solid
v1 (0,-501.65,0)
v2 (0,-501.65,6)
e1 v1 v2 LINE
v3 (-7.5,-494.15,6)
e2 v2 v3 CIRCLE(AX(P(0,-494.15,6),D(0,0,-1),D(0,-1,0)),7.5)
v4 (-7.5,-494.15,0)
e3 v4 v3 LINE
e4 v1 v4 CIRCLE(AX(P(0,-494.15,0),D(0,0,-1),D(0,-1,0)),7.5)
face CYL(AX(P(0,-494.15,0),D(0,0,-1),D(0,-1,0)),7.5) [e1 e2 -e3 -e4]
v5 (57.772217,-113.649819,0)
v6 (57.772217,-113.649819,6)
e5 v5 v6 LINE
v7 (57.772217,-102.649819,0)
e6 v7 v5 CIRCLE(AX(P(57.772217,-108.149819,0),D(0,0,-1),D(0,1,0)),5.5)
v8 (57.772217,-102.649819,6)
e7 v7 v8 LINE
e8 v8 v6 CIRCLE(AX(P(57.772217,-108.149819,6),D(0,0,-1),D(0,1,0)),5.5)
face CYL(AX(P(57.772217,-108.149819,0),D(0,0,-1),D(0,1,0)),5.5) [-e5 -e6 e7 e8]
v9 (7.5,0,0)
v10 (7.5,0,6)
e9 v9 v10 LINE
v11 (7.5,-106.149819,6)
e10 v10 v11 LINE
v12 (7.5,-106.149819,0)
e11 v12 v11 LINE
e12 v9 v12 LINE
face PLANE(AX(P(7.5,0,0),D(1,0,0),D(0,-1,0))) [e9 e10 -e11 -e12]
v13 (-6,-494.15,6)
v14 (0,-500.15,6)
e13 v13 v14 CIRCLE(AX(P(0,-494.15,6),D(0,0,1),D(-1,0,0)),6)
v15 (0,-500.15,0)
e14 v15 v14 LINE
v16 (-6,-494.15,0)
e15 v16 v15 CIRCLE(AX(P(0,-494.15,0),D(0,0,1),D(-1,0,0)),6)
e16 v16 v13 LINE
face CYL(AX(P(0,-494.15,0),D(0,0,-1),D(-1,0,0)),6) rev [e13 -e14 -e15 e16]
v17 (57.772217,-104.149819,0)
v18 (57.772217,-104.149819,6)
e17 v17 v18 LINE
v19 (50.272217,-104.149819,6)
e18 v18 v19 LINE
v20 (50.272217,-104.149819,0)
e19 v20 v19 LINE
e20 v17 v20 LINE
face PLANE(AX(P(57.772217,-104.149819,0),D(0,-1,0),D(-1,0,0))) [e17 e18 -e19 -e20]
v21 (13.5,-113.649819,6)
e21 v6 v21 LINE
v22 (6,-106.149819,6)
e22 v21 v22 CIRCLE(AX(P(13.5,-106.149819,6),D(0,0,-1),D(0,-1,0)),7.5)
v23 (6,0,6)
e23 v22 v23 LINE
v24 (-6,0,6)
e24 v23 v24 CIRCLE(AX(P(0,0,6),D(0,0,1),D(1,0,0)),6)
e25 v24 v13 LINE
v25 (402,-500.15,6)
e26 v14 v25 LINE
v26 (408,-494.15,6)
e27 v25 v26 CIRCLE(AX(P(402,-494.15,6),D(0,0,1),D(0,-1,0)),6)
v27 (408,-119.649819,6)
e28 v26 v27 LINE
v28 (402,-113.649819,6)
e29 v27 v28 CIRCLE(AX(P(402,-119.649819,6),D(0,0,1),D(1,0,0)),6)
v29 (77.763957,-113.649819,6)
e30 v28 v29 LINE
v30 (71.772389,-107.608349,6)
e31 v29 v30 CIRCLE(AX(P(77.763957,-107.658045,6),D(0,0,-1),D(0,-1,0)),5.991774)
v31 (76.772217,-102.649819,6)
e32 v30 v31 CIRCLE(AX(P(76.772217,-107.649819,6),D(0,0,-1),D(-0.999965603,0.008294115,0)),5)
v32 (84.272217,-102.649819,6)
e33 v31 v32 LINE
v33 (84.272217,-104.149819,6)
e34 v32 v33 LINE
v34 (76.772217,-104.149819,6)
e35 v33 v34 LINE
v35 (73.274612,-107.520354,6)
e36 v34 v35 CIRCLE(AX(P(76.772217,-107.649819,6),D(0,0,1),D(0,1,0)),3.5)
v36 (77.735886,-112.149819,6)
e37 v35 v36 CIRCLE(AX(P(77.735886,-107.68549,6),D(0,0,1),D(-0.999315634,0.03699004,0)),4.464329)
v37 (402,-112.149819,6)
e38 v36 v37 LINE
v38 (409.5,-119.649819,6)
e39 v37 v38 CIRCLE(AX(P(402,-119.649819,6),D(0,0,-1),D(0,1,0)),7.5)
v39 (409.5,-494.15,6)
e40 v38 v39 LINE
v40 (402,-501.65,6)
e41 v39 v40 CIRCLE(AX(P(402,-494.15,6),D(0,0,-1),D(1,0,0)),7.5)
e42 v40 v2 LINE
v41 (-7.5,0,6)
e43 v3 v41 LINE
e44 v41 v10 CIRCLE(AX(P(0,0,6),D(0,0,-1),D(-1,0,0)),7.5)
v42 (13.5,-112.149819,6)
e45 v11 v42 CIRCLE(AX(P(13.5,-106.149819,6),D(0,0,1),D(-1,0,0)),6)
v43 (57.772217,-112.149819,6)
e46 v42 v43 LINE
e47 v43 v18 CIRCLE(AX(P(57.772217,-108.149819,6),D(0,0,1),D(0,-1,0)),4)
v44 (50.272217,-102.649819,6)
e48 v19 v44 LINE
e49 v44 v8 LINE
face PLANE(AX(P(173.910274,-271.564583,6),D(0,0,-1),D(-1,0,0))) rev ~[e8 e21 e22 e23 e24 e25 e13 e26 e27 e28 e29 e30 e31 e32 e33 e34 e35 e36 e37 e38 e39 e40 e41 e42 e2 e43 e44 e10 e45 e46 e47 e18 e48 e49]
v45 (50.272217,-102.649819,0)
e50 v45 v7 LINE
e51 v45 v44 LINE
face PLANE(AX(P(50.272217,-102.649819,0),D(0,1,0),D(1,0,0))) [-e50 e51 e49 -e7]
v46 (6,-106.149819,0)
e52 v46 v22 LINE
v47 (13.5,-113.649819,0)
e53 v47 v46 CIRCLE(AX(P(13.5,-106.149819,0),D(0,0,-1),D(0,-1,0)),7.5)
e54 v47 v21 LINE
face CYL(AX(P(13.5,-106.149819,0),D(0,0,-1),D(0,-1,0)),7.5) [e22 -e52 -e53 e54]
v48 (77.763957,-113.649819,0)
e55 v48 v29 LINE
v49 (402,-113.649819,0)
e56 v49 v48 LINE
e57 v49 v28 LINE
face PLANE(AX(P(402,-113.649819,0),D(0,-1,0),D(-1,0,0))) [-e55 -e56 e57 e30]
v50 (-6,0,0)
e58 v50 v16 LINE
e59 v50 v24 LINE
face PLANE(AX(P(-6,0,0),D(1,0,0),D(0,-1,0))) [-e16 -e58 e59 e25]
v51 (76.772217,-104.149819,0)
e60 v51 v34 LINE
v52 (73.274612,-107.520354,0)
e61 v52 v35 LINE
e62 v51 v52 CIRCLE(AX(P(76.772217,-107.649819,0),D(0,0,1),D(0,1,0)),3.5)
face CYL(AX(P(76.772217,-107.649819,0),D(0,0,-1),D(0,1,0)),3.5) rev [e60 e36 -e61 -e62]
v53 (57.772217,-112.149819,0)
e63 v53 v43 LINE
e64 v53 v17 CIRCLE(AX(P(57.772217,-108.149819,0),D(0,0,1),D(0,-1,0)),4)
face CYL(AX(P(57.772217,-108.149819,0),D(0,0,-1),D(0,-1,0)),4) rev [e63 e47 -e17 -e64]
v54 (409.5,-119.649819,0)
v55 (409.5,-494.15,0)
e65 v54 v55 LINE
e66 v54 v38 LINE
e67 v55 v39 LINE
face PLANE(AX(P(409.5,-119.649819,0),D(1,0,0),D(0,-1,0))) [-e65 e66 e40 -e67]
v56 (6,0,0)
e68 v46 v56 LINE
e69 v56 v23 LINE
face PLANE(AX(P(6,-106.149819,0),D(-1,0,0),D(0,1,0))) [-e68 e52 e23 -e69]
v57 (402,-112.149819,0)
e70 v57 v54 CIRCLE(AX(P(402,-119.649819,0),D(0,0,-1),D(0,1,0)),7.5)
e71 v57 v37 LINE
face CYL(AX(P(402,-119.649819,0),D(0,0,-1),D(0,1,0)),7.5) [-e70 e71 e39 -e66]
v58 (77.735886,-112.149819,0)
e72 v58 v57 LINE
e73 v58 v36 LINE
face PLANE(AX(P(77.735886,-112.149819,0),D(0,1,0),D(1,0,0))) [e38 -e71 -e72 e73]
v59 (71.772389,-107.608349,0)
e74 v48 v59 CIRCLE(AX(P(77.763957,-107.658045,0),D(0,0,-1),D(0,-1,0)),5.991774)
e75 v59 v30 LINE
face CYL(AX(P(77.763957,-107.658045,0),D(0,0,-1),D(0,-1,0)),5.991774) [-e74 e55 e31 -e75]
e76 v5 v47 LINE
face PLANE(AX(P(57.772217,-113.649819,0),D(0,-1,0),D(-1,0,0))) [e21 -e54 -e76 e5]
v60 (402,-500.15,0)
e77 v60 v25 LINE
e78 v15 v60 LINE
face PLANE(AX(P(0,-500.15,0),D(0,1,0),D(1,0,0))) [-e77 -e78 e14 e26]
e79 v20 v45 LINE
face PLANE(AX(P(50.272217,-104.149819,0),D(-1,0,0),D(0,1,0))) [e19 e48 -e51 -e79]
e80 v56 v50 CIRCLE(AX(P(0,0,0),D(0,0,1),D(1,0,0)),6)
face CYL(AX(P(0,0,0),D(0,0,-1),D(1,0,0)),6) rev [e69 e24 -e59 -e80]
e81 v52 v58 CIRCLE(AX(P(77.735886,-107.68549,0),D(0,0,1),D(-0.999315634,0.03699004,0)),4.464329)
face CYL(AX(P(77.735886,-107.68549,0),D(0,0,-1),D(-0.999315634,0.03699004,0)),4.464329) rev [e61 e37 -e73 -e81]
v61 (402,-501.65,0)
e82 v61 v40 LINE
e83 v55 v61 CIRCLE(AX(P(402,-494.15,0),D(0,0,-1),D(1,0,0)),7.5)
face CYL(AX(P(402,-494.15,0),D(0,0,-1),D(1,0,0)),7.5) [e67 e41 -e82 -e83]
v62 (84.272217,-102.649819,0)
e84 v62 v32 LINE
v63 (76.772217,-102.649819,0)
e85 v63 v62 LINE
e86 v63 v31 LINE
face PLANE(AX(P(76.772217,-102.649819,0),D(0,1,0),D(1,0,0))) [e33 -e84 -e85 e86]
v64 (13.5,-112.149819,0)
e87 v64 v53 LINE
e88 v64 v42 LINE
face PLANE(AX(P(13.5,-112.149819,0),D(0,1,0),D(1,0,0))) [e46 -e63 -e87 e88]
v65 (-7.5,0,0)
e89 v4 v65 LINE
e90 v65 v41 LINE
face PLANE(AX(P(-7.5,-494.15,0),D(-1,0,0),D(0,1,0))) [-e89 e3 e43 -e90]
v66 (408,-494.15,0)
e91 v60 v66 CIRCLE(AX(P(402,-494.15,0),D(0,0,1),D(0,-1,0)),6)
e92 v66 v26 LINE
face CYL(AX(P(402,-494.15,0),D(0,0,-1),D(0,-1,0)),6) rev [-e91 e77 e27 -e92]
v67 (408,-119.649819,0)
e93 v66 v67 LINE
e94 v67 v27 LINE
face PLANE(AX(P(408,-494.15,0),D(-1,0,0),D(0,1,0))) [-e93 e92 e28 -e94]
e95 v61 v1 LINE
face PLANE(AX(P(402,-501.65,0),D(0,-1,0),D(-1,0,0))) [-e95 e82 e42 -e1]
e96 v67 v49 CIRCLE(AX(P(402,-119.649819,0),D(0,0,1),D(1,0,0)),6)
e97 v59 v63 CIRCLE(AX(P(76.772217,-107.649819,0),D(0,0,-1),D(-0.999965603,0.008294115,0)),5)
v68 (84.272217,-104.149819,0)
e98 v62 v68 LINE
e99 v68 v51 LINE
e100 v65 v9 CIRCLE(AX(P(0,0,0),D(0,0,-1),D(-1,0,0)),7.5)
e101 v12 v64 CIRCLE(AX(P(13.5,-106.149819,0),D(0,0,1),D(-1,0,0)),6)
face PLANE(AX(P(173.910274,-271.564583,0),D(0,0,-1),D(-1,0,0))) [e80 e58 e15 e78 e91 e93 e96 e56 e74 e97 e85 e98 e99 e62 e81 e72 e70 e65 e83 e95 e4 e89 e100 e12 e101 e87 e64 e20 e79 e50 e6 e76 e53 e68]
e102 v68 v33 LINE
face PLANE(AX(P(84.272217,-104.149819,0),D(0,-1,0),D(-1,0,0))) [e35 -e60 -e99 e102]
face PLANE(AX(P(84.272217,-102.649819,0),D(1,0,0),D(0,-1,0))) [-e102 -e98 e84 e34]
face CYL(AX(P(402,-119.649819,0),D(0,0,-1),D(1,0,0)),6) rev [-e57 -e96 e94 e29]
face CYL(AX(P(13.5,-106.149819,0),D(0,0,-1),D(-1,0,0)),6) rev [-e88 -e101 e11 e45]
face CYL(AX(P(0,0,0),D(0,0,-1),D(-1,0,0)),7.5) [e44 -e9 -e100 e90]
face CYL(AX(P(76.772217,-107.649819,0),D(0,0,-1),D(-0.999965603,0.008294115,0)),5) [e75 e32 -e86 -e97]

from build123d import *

# Parameters (mm, degrees)
BOSS_EXTRUDE1_DEPTH = 6


with BuildPart() as part:
    # Sketch1 → Boss-Extrude1 (new body)
    with BuildSketch(Plane.XY):
        with BuildLine():
            Line((-6, 0), (-6, -494.15))
            ThreePointArc((-6, -494.15), (-4.242640687, -498.392640687), (0, -500.15))
            Line((0, -500.15), (402, -500.15))
            ThreePointArc((402, -500.15), (406.242640687, -498.392640687), (408, -494.15))
            Line((408, -494.15), (408, -119.649819196))
            ThreePointArc((408, -119.649819196), (406.242640687, -115.407178509), (402, -113.649819196))
            Line((402, -113.649819196), (77.763956729, -113.649819196))
            ThreePointArc((77.763956729, -113.649819196), (73.509598553, -111.877262252), (71.772388716, -107.60834862))
            ThreePointArc((71.772388716, -107.60834862), (73.251375418, -104.099653504), (76.772216732, -102.649819196))
            Line((76.772216732, -102.649819196), (84.272216732, -102.649819196))
            Line((84.272216732, -102.649819196), (84.272216732, -104.149819196))
            Line((84.272216732, -104.149819196), (76.772216732, -104.149819196))
            ThreePointArc((76.772216732, -104.149819196), (74.343547137, -105.129588254), (73.274612012, -107.520354054))
            ThreePointArc((73.274612012, -107.520354054), (74.521274443, -110.783312955), (77.735886194, -112.149819196))
            Line((77.735886194, -112.149819196), (402, -112.149819196))
            ThreePointArc((402, -112.149819196), (407.303300859, -114.346518337), (409.5, -119.649819196))
            Line((409.5, -119.649819196), (409.5, -494.15))
            ThreePointArc((409.5, -494.15), (407.303300859, -499.453300859), (402, -501.65))
            Line((402, -501.65), (0, -501.65))
            ThreePointArc((0, -501.65), (-5.303300859, -499.453300859), (-7.5, -494.15))
            Line((-7.5, -494.15), (-7.5, 0))
            ThreePointArc((-7.5, 0), (0, 7.5), (7.5, 0))
            Line((7.5, 0), (7.5, -106.149819196))
            ThreePointArc((7.5, -106.149819196), (9.257359313, -110.392459883), (13.5, -112.149819196))
            Line((13.5, -112.149819196), (57.772216732, -112.149819196))
            ThreePointArc((57.772216732, -112.149819196), (61.772216732, -108.149819196), (57.772216732, -104.149819196))
            Line((57.772216732, -104.149819196), (50.272216732, -104.149819196))
            Line((50.272216732, -104.149819196), (50.272216732, -102.649819196))
            Line((50.272216732, -102.649819196), (57.772216732, -102.649819196))
            ThreePointArc((57.772216732, -102.649819196), (63.272216732, -108.149819196), (57.772216732, -113.649819196))
            Line((57.772216732, -113.649819196), (13.5, -113.649819196))
            ThreePointArc((13.5, -113.649819196), (8.196699141, -111.453120055), (6, -106.149819196))
            Line((6, -106.149819196), (6, 0))
            ThreePointArc((6, 0), (0, 6), (-6, 0))
        make_face()
    extrude(amount=BOSS_EXTRUDE1_DEPTH)


solid = part.part
